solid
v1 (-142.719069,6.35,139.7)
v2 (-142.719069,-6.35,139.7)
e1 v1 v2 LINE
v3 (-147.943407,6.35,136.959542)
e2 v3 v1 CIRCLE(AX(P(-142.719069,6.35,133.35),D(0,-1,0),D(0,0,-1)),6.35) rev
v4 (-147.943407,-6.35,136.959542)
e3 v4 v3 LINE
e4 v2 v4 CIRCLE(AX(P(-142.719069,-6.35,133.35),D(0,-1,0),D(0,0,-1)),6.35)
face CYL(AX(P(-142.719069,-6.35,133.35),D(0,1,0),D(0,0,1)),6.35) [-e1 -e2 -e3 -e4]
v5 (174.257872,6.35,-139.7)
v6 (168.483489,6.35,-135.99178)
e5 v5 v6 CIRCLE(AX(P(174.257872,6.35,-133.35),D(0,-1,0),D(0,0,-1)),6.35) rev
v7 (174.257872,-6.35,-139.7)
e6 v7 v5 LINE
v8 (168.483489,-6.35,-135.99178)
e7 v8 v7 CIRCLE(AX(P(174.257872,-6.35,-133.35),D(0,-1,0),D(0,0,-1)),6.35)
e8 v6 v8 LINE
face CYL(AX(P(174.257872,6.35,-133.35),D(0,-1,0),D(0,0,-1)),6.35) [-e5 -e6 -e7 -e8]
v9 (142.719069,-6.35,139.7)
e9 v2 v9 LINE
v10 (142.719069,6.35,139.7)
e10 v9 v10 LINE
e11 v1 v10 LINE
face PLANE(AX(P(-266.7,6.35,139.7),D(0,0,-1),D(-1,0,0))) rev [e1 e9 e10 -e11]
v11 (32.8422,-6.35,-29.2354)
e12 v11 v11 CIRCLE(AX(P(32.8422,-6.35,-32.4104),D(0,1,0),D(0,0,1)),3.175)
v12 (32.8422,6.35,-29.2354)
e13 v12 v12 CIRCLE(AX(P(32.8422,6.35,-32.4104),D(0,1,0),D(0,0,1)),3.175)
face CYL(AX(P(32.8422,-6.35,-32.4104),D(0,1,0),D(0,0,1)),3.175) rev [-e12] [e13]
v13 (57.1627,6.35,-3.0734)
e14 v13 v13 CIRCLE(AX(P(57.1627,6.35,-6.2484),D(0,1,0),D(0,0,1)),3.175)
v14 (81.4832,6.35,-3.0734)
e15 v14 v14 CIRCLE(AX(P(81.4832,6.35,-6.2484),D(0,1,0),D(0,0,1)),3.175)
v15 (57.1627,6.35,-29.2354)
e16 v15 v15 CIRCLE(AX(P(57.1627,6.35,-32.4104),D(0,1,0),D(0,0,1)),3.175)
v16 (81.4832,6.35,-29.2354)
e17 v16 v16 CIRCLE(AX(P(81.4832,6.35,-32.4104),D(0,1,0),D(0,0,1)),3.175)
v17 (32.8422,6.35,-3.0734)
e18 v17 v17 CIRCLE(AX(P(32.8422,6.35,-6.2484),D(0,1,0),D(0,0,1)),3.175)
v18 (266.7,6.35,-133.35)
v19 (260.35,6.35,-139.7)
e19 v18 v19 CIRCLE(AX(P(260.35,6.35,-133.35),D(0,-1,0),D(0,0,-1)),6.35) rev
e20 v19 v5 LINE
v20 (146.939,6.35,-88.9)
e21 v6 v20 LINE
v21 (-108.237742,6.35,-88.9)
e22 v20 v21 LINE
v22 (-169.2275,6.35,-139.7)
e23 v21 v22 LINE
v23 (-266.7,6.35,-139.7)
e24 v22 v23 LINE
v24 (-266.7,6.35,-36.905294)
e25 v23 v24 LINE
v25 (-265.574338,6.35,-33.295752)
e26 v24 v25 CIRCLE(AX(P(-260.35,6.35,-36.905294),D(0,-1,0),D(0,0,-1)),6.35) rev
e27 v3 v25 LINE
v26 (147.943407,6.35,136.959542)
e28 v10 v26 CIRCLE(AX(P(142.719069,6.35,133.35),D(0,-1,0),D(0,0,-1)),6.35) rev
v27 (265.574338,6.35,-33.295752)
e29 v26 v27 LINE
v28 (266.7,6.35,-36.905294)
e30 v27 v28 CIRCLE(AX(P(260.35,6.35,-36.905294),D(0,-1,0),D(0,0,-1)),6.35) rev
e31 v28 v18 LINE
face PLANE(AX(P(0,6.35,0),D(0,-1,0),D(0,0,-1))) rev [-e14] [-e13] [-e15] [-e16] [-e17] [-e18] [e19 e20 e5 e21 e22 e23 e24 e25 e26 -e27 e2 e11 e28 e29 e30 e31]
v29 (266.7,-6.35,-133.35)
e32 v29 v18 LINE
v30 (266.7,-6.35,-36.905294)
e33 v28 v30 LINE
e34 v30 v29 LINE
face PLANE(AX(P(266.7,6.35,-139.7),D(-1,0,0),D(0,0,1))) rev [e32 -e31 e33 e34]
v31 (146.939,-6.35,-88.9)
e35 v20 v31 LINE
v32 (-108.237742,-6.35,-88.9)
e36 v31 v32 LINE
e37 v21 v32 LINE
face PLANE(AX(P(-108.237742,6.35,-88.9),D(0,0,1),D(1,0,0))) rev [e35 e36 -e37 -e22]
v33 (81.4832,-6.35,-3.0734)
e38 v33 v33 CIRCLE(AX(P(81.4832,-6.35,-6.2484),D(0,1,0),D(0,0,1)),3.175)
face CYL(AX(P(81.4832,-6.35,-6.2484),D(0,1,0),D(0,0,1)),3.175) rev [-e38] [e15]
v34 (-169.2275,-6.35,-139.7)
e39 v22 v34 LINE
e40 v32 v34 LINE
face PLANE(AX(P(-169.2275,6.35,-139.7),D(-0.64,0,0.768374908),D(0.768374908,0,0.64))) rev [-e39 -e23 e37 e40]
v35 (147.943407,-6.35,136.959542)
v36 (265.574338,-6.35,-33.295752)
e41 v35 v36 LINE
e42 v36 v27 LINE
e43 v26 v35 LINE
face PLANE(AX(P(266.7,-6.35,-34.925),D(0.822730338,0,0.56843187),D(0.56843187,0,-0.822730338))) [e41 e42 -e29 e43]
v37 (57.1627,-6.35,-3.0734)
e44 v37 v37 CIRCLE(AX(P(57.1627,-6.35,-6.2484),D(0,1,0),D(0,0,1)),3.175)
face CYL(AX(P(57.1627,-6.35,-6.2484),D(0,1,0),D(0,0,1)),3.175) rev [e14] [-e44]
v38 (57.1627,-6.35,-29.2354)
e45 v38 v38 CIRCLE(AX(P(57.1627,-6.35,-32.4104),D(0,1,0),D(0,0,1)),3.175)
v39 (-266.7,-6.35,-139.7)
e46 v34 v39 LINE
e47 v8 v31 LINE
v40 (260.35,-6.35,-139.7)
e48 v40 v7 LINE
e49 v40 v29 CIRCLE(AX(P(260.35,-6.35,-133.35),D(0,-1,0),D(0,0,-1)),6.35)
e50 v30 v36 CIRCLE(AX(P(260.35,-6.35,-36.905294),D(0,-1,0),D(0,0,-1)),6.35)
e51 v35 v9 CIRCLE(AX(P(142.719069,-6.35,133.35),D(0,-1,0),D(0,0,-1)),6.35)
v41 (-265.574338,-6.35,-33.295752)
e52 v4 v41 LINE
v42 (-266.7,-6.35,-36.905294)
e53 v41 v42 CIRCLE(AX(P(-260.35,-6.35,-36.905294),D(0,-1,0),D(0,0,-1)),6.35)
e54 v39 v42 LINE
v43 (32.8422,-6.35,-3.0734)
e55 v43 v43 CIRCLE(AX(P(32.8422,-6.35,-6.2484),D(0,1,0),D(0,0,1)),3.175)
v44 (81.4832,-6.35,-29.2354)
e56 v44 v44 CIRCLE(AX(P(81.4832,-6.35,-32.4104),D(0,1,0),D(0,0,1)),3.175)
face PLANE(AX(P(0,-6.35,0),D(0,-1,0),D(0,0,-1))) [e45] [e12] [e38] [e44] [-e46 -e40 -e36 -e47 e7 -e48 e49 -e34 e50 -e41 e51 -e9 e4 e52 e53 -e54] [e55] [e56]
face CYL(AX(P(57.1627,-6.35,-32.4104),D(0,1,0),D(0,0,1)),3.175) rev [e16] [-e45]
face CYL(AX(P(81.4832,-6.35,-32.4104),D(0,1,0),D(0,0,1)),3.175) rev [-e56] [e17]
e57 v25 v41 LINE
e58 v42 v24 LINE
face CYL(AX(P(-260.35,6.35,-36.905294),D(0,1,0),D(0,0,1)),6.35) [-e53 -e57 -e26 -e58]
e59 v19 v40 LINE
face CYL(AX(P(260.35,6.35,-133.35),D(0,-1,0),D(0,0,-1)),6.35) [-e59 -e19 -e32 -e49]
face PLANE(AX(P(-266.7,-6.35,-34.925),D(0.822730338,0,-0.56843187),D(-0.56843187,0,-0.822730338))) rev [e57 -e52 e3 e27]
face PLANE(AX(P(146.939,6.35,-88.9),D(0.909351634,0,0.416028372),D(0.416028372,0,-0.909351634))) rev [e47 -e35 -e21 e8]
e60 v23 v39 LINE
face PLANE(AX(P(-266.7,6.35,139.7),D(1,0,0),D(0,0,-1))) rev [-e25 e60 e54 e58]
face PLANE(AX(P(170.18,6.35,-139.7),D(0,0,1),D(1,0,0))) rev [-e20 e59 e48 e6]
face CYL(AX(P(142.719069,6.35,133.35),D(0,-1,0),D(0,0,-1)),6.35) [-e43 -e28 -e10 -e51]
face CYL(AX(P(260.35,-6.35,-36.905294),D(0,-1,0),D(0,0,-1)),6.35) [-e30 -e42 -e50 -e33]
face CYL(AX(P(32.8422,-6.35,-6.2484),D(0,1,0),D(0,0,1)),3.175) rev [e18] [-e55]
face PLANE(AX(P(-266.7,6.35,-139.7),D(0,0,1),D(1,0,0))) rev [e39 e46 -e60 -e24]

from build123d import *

# Parameters (mm, degrees)
BOSS_EXTRUDE1_DEPTH = 6.35
SKETCH2_R           = 3.175
CUT_EXTRUDE1_DEPTH  = 302.34078715
CUT_EXTRUDE2_DEPTH  = 302.34078715
FILLET1_R           = 6.35


with BuildPart() as part:
    # Sketch1 → Boss-Extrude1 (new, symmetric)
    with BuildSketch(Plane(origin=(0, 0, 0), x_dir=(1, 0, 0), z_dir=(0, 1, 0))):
        Polygon((-266.7, -139.7), (266.7, -139.7), (266.7, 139.7), (170.18, 139.7), (146.939, 88.9), (-108.237741638, 88.9), (-169.2275, 139.7), (-266.7, 139.7), align=None)
    extrude(amount=BOSS_EXTRUDE1_DEPTH, both=True)

    # Sketch2 → Cut-Extrude1 (cut, through all)
    with BuildSketch(Plane(origin=(0, 6.35, 0), x_dir=(1, 0, 0), z_dir=(0, 1, 0))):
        with Locations(Location((81.4832, 6.2484, 0), (0, 0, 270))):
            Circle(SKETCH2_R)
        with Locations(Location((81.4832, 32.4104, 0), (0, 0, 270))):
            Circle(SKETCH2_R)
        with Locations(Location((57.1627, 32.4104, 0), (0, 0, 270))):
            Circle(SKETCH2_R)
        with Locations(Location((32.8422, 32.4104, 0), (0, 0, 270))):
            Circle(SKETCH2_R)
        with Locations(Location((32.8422, 6.2484, 0), (0, 0, 270))):
            Circle(SKETCH2_R)
        with Locations(Location((57.1627, 6.2484, 0), (0, 0, 270))):
            Circle(SKETCH2_R)
    extrude(amount=-CUT_EXTRUDE1_DEPTH, mode=Mode.SUBTRACT)

    # Sketch3 → Cut-Extrude2 (cut, through all)
    with BuildSketch(Plane(origin=(0, 6.35, 0), x_dir=(1, 0, 0), z_dir=(0, 1, 0))):
        Polygon((-266.7, 34.925), (-146.05, -139.7), (-266.7, -139.7), align=None)
    cut_extrude2 = extrude(amount=-CUT_EXTRUDE2_DEPTH, mode=Mode.SUBTRACT)

    # Mirror1: Cut-Extrude2 across plane
    add(cut_extrude2.mirror(Plane(origin=(0, 0, 0), x_dir=(0, 0, 1), z_dir=(1, 0, 0))), mode=Mode.SUBTRACT)

    # Fillet1
    fillet1_edges = [part.edges().sort_by_distance(p)[0] for p in [
        (170.18, 0, -139.7),
        (266.7, 0, -139.7),
        (-266.7, 0, -34.925),
        (-146.05, 0, 139.7),
        (266.7, 0, -34.925),
        (146.05, 0, 139.7),
    ]]
    fillet(fillet1_edges, radius=FILLET1_R)


solid = part.part
